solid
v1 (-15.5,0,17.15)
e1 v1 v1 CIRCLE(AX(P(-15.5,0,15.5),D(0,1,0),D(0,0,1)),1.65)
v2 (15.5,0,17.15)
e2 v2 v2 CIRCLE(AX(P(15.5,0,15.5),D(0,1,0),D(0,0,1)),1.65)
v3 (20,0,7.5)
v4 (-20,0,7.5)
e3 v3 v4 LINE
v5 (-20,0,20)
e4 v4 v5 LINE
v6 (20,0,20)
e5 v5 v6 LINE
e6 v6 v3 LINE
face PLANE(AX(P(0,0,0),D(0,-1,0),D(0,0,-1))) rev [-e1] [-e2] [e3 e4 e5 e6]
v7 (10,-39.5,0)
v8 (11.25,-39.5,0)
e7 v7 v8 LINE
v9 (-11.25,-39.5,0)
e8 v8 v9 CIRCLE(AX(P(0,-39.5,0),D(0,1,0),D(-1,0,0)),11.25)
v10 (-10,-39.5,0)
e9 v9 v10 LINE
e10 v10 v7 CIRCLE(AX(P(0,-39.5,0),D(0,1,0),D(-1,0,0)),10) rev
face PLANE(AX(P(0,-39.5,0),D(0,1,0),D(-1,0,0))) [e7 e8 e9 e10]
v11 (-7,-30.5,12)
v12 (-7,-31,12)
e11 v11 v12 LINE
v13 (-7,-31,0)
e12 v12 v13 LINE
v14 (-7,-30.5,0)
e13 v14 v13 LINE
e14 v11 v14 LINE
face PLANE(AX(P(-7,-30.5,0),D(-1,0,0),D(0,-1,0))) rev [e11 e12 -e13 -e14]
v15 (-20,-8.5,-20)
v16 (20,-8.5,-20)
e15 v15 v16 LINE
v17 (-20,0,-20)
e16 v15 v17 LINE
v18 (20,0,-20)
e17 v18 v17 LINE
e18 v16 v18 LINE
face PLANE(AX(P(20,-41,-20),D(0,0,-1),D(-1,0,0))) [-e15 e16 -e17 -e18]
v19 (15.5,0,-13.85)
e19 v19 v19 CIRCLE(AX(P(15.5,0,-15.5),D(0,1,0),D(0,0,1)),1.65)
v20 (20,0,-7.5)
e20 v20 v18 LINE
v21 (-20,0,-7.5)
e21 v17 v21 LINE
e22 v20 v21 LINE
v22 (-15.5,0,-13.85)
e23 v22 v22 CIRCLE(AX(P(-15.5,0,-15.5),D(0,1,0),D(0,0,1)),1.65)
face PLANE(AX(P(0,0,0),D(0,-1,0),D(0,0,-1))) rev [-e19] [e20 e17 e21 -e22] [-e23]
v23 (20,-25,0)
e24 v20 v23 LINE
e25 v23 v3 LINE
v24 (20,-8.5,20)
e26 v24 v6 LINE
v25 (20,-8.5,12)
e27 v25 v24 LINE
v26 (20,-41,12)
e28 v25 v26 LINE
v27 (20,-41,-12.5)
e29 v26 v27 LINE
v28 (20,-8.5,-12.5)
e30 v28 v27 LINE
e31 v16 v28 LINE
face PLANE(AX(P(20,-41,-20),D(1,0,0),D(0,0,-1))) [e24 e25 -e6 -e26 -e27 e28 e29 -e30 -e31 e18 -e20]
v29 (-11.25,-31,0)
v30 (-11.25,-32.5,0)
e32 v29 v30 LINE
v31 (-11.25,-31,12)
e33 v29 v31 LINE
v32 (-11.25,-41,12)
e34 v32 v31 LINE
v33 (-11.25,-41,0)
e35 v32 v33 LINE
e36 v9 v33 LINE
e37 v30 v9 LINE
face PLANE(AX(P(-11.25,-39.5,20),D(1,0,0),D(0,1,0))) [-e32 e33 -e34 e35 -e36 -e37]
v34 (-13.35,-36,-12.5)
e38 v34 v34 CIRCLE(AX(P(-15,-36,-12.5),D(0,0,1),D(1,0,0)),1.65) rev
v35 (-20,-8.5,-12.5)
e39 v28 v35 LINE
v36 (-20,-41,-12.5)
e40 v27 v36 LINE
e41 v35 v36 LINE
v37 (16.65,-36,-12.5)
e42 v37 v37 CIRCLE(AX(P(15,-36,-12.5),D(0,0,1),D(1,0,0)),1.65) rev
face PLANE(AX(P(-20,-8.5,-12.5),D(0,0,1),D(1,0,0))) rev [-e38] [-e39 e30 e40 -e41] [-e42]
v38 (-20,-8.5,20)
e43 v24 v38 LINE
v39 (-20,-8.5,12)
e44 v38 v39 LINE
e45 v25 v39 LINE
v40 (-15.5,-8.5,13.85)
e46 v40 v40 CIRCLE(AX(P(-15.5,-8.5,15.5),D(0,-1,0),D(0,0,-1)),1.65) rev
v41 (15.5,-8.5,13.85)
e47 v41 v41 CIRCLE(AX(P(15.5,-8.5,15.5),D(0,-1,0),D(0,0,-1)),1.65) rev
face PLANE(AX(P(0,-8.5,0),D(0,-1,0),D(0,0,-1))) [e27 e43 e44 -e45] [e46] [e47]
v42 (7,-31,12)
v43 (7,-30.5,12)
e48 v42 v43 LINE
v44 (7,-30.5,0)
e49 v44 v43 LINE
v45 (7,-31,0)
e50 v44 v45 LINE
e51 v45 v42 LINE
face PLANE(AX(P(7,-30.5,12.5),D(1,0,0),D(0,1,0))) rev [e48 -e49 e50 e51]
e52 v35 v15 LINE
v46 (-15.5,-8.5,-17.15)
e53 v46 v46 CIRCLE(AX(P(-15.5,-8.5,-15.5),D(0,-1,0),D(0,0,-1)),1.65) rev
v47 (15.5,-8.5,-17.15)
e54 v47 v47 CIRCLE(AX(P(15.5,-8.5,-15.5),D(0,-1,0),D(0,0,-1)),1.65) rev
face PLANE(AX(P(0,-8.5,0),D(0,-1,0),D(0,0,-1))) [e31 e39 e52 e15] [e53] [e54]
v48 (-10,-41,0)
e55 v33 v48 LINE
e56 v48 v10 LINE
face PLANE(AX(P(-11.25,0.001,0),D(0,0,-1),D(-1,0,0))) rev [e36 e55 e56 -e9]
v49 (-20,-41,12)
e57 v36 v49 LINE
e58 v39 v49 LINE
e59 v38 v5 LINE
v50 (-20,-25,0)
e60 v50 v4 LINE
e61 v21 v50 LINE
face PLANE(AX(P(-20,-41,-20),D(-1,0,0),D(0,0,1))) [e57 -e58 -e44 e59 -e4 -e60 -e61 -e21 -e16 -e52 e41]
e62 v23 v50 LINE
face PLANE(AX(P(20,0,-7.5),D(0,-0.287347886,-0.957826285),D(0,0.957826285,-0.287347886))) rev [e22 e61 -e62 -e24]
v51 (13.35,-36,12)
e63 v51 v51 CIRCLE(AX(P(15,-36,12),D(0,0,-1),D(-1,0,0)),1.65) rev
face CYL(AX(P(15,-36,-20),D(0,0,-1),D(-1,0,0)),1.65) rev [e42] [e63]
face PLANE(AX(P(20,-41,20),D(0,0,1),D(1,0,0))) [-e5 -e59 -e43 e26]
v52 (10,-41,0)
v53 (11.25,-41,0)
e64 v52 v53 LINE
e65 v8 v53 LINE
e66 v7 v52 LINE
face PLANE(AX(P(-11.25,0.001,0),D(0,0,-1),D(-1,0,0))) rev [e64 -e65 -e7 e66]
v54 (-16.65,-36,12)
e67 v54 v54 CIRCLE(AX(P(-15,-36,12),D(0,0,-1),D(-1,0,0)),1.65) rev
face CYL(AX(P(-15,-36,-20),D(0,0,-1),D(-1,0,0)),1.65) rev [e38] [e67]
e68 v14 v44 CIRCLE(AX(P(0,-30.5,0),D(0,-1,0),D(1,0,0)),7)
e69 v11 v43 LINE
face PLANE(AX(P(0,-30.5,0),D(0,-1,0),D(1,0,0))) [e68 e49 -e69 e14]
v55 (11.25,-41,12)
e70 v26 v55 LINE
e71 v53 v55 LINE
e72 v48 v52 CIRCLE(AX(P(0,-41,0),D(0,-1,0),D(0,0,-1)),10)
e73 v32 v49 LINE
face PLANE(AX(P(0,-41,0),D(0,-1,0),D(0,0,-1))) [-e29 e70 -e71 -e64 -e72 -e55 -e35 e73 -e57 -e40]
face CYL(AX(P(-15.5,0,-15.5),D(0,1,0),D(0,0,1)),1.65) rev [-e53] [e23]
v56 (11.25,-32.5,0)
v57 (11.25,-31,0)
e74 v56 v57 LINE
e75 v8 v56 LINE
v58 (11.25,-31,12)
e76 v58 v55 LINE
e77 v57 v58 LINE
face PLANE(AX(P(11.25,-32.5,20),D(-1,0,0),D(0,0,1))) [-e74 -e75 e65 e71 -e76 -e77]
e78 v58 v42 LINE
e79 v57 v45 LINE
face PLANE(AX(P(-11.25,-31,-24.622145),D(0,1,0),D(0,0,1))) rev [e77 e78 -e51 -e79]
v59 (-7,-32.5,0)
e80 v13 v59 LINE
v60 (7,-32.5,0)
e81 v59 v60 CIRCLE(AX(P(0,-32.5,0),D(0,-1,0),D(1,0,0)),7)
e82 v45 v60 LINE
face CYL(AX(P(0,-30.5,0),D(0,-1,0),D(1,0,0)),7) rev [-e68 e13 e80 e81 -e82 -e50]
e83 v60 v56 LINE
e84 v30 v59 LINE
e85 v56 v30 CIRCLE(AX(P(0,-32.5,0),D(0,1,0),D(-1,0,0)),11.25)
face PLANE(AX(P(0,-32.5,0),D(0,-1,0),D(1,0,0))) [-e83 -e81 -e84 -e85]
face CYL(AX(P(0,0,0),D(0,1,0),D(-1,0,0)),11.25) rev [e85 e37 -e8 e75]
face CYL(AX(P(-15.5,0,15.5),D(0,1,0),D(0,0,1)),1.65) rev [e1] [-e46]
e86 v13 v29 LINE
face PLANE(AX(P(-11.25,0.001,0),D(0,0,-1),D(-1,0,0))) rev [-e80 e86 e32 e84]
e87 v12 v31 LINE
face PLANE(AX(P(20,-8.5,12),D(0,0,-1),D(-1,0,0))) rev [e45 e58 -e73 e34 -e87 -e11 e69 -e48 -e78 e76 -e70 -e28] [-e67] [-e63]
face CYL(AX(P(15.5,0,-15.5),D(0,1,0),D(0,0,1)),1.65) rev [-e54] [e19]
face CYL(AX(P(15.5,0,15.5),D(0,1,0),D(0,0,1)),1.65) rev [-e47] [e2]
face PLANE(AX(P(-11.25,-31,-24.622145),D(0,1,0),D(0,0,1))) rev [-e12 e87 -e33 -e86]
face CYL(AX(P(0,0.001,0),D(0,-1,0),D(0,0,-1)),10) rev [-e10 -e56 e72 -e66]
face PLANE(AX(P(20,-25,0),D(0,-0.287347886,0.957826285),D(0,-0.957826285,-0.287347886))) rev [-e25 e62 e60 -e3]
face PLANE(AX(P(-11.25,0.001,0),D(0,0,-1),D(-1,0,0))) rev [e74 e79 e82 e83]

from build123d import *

# Parameters (mm, degrees)
SKETCH1_W             = 40
SKETCH1_H             = 40
BOSS_EXTRUDE1_DEPTH   = 41
M4X0_7_TAPPED_HOLE1_D = 3.3
SKETCH11_W            = 11.25
SKETCH11_H            = 7
CUT_EXTRUDE5_REACH    = 43
SKETCH12_R            = 10
M4X0_7_TAPPED_HOLE2_D = 3.3
SKETCH15_W            = 40
SKETCH15_H            = 7.5
CUT_EXTRUDE6_DEPTH    = 32.5
SKETCH16_W            = 22.5
SKETCH16_H            = 7
CUT_EXTRUDE7_DEPTH    = 21
CUT_EXTRUDE8_REACH    = 43
SKETCH17_W            = 22.5
SKETCH17_H            = 12.5
CUT_EXTRUDE9_DEPTH    = 2
CUT_EXTRUDE10_DEPTH   = 41
SKETCH20_W            = 22.5
SKETCH20_H            = 10
CUT_EXTRUDE11_DEPTH   = 12.5
SKETCH21_W            = 0.5
SKETCH21_H            = 32.5
CUT_EXTRUDE12_DEPTH   = 41


with BuildPart() as part:
    # Sketch1 → Boss-Extrude1 (new body)
    with BuildSketch(Plane(origin=(0, 0, 0), x_dir=(1, 0, 0), z_dir=(0, 1, 0))):
        Rectangle(SKETCH1_W, SKETCH1_H)
    extrude(amount=-BOSS_EXTRUDE1_DEPTH)

    # M4x0.7 Tapped Hole1 (through all)
    with Locations(Plane(origin=(0, 0, 0), x_dir=(1, 0, 0), z_dir=(0, 1, 0))):
        with Locations((-15.5, 15.5), (15.5, 15.5), (15.5, -15.5), (-15.5, -15.5)):
            Hole(M4X0_7_TAPPED_HOLE1_D / 2)

    # Sketch11 → Cut-Revolve2 (revolve, cut)
    with BuildSketch(Plane.XY):
        with Locations((5.625, -36)):
            Rectangle(SKETCH11_W, SKETCH11_H)
    revolve(axis=Axis((0, 0, 0), (0, -1, 0)), mode=Mode.SUBTRACT)

    # Sketch12 → Cut-Extrude5 (cut, up to next)
    with BuildSketch(Plane.XZ.offset(41), mode=Mode.PRIVATE) as cut_extrude5_sk1:
        Circle(SKETCH12_R)
    cut_extrude5_tool1 = extrude(cut_extrude5_sk1.sketch, amount=-CUT_EXTRUDE5_REACH, mode=Mode.PRIVATE) & part.part
    add(cut_extrude5_tool1.solids().sort_by_distance((0, -41, 0))[0], mode=Mode.SUBTRACT)

    # M4x0.7 Tapped Hole2 (through all)
    with Locations(Plane(origin=(0, 0, -20), x_dir=(-1, 0, 0), z_dir=(0, 0, -1))):
        with Locations((15, -36), (-15, -36)):
            Hole(M4X0_7_TAPPED_HOLE2_D / 2)

    # Sketch15 → Cut-Extrude6 (cut)
    with BuildSketch(Plane.XZ.offset(41)):
        with Locations((0, -16.25)):
            Rectangle(SKETCH15_W, SKETCH15_H)
        with Locations((0, 16.25)):
            Rectangle(SKETCH15_W, SKETCH15_H)
    extrude(amount=-CUT_EXTRUDE6_DEPTH, mode=Mode.SUBTRACT)

    # Sketch16 → Cut-Extrude7 (cut, through all)
    with BuildSketch(Plane.XY):
        with Locations((0, -36)):
            Rectangle(SKETCH16_W, SKETCH16_H)
    extrude(amount=CUT_EXTRUDE7_DEPTH, mode=Mode.SUBTRACT)

    # Sketch17 → Cut-Extrude8 (cut, up to next)
    with BuildSketch(Plane.XZ.offset(41), mode=Mode.PRIVATE) as cut_extrude8_sk1:
        with Locations((0, 6.25)):
            Rectangle(SKETCH17_W, SKETCH17_H)
    cut_extrude8_tool1 = extrude(cut_extrude8_sk1.sketch, amount=-CUT_EXTRUDE8_REACH, mode=Mode.PRIVATE) & part.part
    add(cut_extrude8_tool1.solids().sort_by_distance((0, -41, 6.25))[0], mode=Mode.SUBTRACT)

    # Sketch18 → Cut-Extrude9 (cut)
    with BuildSketch(Plane.XZ.offset(32.5)):
        with BuildLine():
            Line((-7, 0), (-7, 12.5))
            Line((-7, 12.5), (7, 12.5))
            Line((7, 12.5), (7, 0))
            ThreePointArc((7, 0), (0, -7), (-7, 0))
        make_face()
    extrude(amount=-CUT_EXTRUDE9_DEPTH, mode=Mode.SUBTRACT)

    # Sketch19 → Cut-Extrude10 (cut, through all)
    with BuildSketch(Plane.ZY.offset(20)):
        Polygon((0, -25), (7.5, 0), (-7.5, 0), align=None)
    extrude(amount=-CUT_EXTRUDE10_DEPTH, mode=Mode.SUBTRACT)

    # Sketch20 → Cut-Extrude11 (cut)
    with BuildSketch(Plane.XY.offset(12.5)):
        with Locations((0, -36)):
            Rectangle(SKETCH20_W, SKETCH20_H)
    extrude(amount=-CUT_EXTRUDE11_DEPTH, mode=Mode.SUBTRACT)

    # Sketch21 → Cut-Extrude12 (cut, through all)
    with BuildSketch(Plane.ZY.offset(20)):
        with Locations((12.25, -24.75)):
            Rectangle(SKETCH21_W, SKETCH21_H)
    extrude(amount=-CUT_EXTRUDE12_DEPTH, mode=Mode.SUBTRACT)


solid = part.part
